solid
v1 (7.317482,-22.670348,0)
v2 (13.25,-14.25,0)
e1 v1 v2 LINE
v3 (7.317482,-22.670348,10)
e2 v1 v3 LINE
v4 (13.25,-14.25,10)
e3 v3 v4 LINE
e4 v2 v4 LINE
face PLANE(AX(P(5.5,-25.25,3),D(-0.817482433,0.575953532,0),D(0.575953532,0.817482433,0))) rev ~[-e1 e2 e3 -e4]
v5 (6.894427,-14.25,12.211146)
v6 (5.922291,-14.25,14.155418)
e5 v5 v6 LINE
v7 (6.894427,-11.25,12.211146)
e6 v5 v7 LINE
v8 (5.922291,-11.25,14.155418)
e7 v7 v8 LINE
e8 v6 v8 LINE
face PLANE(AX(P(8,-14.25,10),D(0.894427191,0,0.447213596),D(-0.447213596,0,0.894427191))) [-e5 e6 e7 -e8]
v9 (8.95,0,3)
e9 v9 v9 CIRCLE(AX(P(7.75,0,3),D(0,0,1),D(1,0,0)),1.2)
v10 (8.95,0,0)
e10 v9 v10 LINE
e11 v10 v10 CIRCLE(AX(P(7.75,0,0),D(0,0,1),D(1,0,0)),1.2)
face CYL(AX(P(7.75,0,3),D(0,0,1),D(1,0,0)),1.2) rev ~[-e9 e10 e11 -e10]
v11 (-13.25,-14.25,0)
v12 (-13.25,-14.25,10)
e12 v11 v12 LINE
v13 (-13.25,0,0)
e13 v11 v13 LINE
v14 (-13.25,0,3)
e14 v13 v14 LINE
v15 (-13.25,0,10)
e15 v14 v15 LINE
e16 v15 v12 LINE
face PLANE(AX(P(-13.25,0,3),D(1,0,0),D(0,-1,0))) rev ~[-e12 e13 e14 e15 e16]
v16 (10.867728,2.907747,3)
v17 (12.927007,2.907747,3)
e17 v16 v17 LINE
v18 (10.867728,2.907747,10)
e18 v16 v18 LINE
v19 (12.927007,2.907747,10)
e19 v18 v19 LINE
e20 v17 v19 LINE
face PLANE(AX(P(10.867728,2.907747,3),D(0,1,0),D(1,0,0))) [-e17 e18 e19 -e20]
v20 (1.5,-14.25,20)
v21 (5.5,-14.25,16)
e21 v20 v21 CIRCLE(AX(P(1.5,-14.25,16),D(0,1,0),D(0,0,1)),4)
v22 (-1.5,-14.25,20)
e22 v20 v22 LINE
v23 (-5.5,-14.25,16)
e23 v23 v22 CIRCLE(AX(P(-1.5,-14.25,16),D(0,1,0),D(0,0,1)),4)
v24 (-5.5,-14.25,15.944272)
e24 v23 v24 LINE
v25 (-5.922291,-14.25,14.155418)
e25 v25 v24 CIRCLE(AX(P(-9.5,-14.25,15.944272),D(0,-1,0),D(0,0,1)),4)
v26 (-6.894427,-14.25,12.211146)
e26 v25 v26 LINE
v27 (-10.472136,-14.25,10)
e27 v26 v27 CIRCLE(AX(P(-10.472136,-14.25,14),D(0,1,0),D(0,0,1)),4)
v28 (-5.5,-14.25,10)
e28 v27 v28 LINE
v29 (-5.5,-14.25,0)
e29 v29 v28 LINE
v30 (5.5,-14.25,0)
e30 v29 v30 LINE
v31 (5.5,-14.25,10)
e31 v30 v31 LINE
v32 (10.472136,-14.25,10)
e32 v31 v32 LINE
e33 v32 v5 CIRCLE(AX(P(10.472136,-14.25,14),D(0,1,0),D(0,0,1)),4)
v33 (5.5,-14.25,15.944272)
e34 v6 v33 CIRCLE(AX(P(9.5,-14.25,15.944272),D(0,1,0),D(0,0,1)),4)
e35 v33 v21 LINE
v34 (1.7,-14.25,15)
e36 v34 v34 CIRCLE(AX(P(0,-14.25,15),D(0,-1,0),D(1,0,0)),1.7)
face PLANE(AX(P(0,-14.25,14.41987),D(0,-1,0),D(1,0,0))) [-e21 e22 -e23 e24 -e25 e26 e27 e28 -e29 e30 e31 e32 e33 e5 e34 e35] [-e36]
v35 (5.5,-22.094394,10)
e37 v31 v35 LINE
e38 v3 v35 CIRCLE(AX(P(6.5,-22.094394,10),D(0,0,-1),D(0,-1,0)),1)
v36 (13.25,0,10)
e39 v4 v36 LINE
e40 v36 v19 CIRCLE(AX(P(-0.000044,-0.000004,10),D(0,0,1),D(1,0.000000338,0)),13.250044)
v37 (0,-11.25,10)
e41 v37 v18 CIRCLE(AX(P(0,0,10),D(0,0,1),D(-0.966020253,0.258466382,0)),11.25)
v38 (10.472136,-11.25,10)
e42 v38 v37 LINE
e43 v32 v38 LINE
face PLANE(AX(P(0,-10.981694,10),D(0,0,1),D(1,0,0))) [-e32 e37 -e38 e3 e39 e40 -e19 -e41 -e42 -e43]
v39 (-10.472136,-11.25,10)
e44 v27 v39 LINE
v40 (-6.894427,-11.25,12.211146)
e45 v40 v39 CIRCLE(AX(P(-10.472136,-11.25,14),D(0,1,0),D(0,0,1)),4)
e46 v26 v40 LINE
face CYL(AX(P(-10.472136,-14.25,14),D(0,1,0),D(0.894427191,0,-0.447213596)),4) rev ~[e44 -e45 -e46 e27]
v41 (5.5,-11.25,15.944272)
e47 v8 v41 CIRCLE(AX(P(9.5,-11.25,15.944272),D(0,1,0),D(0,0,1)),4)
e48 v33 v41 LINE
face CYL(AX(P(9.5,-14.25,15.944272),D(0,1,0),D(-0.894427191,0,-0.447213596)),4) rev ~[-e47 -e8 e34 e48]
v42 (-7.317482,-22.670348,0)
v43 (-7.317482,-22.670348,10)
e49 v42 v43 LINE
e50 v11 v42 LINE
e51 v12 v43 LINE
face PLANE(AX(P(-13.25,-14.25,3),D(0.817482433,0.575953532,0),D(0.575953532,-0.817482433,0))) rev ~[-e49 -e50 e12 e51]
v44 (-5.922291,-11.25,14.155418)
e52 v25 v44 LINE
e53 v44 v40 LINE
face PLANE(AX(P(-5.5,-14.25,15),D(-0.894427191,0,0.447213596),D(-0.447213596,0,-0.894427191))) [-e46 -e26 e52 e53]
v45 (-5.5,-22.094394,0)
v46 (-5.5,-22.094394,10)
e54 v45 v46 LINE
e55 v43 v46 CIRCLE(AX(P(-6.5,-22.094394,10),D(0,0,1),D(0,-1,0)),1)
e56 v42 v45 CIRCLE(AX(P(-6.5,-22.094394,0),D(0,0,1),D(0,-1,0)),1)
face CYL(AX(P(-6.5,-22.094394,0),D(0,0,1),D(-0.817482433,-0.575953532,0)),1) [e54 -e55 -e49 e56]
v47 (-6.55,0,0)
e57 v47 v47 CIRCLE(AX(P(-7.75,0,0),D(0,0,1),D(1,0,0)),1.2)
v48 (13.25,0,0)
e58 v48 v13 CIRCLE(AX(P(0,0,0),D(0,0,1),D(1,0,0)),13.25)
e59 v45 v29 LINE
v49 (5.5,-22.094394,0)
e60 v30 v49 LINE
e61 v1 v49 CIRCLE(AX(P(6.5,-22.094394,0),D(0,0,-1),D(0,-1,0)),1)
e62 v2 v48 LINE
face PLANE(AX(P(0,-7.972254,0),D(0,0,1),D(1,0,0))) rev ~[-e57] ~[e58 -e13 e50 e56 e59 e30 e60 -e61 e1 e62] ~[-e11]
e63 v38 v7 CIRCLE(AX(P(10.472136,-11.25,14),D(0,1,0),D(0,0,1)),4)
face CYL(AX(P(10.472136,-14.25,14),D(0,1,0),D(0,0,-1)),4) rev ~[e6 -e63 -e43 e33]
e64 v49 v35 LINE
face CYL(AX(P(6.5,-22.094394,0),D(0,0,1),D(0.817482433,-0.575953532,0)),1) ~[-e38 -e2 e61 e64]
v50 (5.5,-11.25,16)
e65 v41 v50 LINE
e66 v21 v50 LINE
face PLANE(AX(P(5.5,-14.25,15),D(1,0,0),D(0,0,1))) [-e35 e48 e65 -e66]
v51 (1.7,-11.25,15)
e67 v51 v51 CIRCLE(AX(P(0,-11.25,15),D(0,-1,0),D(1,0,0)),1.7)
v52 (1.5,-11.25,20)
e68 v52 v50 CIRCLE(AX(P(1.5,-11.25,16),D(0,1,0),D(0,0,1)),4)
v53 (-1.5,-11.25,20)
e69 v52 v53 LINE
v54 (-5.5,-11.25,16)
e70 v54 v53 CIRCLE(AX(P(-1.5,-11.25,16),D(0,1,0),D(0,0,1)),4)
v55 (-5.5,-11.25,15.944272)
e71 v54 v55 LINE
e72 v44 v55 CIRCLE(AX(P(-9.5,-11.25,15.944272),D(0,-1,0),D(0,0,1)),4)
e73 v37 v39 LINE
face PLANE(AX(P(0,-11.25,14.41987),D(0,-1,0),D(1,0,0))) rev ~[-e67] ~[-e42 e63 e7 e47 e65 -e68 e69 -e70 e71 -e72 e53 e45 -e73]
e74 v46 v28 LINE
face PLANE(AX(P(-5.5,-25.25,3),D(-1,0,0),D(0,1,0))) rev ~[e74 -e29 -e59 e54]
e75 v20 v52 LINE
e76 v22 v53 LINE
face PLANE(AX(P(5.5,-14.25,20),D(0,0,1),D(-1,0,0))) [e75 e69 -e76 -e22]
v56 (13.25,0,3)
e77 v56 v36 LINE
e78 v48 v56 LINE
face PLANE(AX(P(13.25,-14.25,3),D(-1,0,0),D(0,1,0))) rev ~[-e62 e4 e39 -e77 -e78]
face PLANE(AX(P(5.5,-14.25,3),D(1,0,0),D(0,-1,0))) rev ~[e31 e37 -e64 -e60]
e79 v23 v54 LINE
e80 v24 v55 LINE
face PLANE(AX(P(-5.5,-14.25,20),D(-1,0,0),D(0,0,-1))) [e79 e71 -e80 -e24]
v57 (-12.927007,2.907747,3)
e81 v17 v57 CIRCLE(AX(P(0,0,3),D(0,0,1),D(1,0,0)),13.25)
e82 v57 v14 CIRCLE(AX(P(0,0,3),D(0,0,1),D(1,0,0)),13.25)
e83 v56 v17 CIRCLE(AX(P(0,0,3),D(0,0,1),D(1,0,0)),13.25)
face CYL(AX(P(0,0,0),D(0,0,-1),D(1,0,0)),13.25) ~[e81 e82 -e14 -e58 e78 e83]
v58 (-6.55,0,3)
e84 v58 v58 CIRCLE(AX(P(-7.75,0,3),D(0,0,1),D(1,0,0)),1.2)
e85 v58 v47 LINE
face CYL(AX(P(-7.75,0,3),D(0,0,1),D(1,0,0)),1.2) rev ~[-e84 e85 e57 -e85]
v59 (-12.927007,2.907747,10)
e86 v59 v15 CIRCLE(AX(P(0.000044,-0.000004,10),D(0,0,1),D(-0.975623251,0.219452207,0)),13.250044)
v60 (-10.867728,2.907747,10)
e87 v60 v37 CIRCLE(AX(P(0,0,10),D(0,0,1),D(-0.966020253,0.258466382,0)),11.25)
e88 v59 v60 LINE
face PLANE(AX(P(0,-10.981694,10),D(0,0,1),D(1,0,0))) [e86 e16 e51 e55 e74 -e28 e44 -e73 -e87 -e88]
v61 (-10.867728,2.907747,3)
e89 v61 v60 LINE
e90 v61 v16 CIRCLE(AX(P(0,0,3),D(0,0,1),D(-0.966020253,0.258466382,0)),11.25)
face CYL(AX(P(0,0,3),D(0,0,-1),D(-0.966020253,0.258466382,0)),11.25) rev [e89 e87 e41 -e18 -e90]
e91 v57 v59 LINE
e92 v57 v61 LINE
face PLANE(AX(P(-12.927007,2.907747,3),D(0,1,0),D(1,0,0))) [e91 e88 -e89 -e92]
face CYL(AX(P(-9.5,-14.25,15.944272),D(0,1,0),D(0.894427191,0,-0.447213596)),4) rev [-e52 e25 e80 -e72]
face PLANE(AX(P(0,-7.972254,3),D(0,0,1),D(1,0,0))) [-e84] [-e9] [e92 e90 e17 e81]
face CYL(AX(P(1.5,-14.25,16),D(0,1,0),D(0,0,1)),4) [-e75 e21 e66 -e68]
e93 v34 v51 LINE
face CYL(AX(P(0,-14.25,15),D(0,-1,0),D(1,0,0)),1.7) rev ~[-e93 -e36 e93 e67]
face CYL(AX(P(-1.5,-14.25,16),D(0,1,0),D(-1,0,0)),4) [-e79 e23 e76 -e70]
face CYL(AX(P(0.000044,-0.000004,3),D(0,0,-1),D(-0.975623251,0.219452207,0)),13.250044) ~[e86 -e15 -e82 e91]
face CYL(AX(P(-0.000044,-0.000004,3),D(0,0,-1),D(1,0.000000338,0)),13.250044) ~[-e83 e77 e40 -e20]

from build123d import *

# Parameters (mm, degrees)
PAD_DEPTH    = 3
PAD001_DEPTH = 7
SKETCH001_R  = 1.2
POCKET_DEPTH = 3.001
SKETCH003_R  = 1.7
PAD002_DEPTH = 3
FILLET_R     = 4
FILLET001_R  = 1


with BuildPart() as part:
    # Sketch → Pad (new body)
    with BuildSketch(Plane.XY):
        with BuildLine():
            Line((5.5, -14.25), (5.5, -25.25))
            Line((5.5, -25.25), (13.25, -14.25))
            Line((13.25, -14.25), (13.25, 0))
            ThreePointArc((13.25, 0), (0, 13.25), (-13.25, 0))
            Line((-13.25, -14.25), (-13.25, 0))
            Line((-13.25, -14.25), (-5.5, -25.25))
            Line((-5.5, -25.25), (-5.5, -14.25))
            Line((-5.5, -14.25), (5.5, -14.25))
        make_face()
    extrude(amount=PAD_DEPTH)

    # Sketch002 → Pad001 (join)
    with BuildSketch(Plane.XY.offset(3)):
        with BuildLine():
            Line((-13.25, 0), (-13.25, -14.25))
            Line((-13.25, -14.25), (-5.5, -25.25))
            Line((-5.5, -25.25), (-5.5, -14.25))
            Line((-5.5, -14.25), (5.5, -14.25))
            Line((5.5, -14.25), (5.5, -25.25))
            Line((5.5, -25.25), (13.25, -14.25))
            Line((13.25, -14.25), (13.25, 0))
            ThreePointArc((13.25, 0), (13.169004, 1.462815), (12.927007, 2.907747))
            Line((10.867728, 2.907747), (12.927007, 2.907747))
            ThreePointArc((-10.867728, 2.907747), (0, -11.25), (10.867728, 2.907747))
            Line((-12.927007, 2.907747), (-10.867728, 2.907747))
            ThreePointArc((-12.927007, 2.907747), (-13.169004, 1.462815), (-13.25, 0))
        make_face()
    extrude(amount=PAD001_DEPTH)

    # Sketch001 (on Face10 of Pad) → Pocket (cut, through all)
    with BuildSketch(Plane.XY.offset(3)):
        with Locations((-7.75, 0)):
            Circle(SKETCH001_R)
        with Locations((7.75, 0)):
            Circle(SKETCH001_R)
    extrude(amount=-POCKET_DEPTH, mode=Mode.SUBTRACT)

    # Sketch003 (on Face19 of Pocket) → Pad002 (join)
    with BuildSketch(Plane.XZ.offset(14.25)):
        Polygon((-5.5, 15), (-8, 10), (8, 10), (5.5, 15), (5.5, 20), (-5.5, 20), align=None)
        with Locations((0, 15)):
            Circle(SKETCH003_R, mode=Mode.SUBTRACT)
    extrude(amount=-PAD002_DEPTH)

    # Fillet
    fillet_edges = [part.edges().sort_by_distance(p)[0] for p in [
        (-5.5, -12.75, 15),
        (-5.5, -12.75, 20),
        (-8, -12.75, 10),
        (8, -12.75, 10),
        (5.5, -12.75, 15),
        (5.5, -12.75, 20),
    ]]
    fillet(fillet_edges, radius=FILLET_R)

    # Fillet001
    fillet001_edges = [part.edges().sort_by_distance(p)[0] for p in [
        (5.5, -25.25, 6.5),
        (5.5, -25.25, 1.5),
        (-5.5, -25.25, 6.5),
        (-5.5, -25.25, 1.5),
    ]]
    fillet(fillet001_edges, radius=FILLET001_R)


solid = part.part
